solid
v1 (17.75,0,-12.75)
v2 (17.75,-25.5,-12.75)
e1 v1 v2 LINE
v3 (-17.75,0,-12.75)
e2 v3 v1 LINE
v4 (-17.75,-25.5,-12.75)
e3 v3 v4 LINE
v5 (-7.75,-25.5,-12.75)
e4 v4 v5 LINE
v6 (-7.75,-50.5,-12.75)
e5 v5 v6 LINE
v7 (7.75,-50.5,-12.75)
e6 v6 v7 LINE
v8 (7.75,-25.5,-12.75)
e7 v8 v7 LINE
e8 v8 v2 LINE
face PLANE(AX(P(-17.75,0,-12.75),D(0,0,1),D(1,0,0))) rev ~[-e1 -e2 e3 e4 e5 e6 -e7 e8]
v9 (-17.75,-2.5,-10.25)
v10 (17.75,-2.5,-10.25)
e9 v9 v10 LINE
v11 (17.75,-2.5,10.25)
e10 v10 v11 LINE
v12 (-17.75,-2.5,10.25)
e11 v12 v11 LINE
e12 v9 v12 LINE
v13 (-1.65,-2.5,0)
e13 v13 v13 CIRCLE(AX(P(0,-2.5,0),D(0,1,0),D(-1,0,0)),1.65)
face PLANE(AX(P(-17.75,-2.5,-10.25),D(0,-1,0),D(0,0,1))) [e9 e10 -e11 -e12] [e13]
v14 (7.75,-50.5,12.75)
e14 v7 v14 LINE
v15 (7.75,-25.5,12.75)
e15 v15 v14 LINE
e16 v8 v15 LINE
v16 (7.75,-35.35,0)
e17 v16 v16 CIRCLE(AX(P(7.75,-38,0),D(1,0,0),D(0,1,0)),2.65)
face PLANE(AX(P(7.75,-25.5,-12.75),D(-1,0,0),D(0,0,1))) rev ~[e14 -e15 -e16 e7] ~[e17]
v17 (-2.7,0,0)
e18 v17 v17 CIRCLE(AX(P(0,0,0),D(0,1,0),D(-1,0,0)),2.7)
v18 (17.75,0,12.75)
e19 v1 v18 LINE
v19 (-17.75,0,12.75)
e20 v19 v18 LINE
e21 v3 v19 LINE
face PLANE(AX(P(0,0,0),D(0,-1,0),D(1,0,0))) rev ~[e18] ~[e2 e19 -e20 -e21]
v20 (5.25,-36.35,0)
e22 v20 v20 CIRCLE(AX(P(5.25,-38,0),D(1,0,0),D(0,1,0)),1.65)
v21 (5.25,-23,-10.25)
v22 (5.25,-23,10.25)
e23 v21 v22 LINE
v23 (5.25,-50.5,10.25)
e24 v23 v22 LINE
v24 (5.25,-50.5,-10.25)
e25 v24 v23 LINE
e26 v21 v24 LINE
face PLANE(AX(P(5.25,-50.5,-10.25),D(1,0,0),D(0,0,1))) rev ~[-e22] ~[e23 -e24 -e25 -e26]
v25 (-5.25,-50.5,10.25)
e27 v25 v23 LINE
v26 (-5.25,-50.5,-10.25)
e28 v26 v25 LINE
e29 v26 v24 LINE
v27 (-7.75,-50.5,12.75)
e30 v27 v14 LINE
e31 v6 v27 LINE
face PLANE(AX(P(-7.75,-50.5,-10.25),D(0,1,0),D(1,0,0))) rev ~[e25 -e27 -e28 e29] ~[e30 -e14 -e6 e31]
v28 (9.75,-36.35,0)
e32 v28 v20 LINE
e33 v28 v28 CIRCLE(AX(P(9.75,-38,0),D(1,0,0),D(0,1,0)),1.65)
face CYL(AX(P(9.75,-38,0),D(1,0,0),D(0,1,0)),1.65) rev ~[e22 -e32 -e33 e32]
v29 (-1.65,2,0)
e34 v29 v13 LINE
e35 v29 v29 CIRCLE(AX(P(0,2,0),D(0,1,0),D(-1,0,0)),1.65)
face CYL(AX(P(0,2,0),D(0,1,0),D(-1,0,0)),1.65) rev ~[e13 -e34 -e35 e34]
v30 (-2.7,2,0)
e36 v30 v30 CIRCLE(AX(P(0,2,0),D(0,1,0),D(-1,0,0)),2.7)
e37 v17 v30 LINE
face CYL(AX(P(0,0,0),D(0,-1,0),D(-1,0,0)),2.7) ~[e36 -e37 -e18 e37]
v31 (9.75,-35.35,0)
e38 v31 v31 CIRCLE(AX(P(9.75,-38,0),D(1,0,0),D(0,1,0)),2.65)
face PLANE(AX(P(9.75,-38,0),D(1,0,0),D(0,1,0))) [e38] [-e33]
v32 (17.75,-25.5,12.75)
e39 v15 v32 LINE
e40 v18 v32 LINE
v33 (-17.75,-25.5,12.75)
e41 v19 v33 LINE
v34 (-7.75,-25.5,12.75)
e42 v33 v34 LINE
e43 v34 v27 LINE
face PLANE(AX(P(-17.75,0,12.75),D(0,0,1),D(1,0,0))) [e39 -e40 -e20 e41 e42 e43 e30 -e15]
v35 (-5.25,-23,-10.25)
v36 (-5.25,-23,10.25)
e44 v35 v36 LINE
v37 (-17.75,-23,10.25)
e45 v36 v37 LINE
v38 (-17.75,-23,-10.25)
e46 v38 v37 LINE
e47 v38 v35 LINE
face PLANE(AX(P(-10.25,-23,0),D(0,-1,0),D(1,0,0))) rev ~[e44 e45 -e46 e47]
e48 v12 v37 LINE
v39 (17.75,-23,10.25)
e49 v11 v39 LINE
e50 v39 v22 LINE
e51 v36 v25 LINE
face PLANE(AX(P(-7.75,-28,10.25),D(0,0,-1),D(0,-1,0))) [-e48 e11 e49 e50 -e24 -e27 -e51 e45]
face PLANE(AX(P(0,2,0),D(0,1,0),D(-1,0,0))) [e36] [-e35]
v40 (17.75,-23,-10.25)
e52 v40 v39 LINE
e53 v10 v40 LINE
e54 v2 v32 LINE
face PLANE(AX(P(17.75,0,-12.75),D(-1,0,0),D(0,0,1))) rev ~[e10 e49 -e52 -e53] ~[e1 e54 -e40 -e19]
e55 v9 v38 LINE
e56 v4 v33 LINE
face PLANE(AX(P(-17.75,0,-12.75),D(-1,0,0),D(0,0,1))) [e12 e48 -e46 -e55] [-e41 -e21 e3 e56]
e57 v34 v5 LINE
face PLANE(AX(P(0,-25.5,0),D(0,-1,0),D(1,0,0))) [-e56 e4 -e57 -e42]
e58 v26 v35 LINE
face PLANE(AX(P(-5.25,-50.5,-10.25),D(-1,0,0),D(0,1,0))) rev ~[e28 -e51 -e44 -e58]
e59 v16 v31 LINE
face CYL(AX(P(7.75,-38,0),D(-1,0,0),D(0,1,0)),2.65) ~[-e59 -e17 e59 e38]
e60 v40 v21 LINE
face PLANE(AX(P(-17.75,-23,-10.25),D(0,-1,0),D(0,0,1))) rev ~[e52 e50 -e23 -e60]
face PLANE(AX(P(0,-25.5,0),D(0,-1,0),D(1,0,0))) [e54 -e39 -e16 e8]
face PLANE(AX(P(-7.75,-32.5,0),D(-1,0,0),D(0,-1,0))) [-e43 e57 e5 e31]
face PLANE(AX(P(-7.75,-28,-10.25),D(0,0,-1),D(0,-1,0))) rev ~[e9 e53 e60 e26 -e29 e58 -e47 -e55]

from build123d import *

# Parameters (mm, degrees)
F0_W      = 35.5
F0_H      = 25.5
F1_DEPTH  = 25.5
F2_W      = 20.5
F2_H      = 20.5
F3_DEPTH  = 35.5
F4_W      = 15.5
F4_H      = 25.5
F5_DEPTH  = 25
F6_W      = 20.5
F6_H      = 20.5
F7_DEPTH  = 38
F8_R      = 2.65
F9_DEPTH  = 2
F10_R     = 1.65
F11_DEPTH = 27.501
F12_R     = 2.7
F13_DEPTH = 2
F14_R     = 1.65
F15_DEPTH = 5.5
F16_W     = 2.5
F16_H     = 25
F17_DEPTH = 20.5
F18_W     = 20
F18_H     = 20.5
F19_DEPTH = 2.5
F20_W     = 2.5
F20_H     = 2.5
F21_DEPTH = 20.5
F22_W     = 7.5
F22_H     = 20.5
F23_DEPTH = 2.5
F24_W     = 10
F24_H     = 20.5
F25_DEPTH = 2.5
F26_W     = 10
F26_H     = 20.5
F27_DEPTH = 2.5
F28_W     = 9
F28_H     = 20.5
F28_W_2   = 8.5
F29_DEPTH = 2.5


with BuildPart() as f1:
    # F0 (on Front) → F1 (new body)
    with BuildSketch(Plane.XZ):
        Rectangle(F0_W, F0_H)
    extrude(amount=F1_DEPTH)

    # F2 (on face) → F3 (cut)
    with BuildSketch(Plane(origin=(-17.75, 0, 0), x_dir=(0, -1, 0), z_dir=(-1, 0, 0))):
        with Locations((12.75, 0)):
            Rectangle(F2_W, F2_H)
    extrude(amount=-F3_DEPTH, mode=Mode.SUBTRACT)

    # F4 (on face) → F5 (join)
    with BuildSketch(Plane.XZ.offset(25.5)):
        Rectangle(F4_W, F4_H)
    extrude(amount=F5_DEPTH)

    # F6 (on face) → F7 (cut)
    with BuildSketch(Plane.XZ.offset(50.5)):
        with Locations((-5, 0)):
            Rectangle(F6_W, F6_H)
    extrude(amount=-F7_DEPTH, mode=Mode.SUBTRACT)

    # F8 (on face) → F9 (join)
    with BuildSketch(Plane.YZ.offset(7.75)):
        with Locations((-38, 0)):
            Circle(F8_R)
    extrude(amount=F9_DEPTH)

    # F10 (on face) → F11 (cut, through all)
    with BuildSketch(Plane.YZ.offset(9.75)):
        with Locations((-38, 0)):
            Circle(F10_R)
    extrude(amount=-F11_DEPTH, mode=Mode.SUBTRACT)

    # F12 (on face) → F13 (join)
    with BuildSketch(Plane(origin=(0, 0, 0), x_dir=(-1, 0, 0), z_dir=(0, 1, 0))):
        Circle(F12_R)
    extrude(amount=F13_DEPTH)

    # F14 (on face) → F15 (cut)
    with BuildSketch(Plane(origin=(0, 2, 0), x_dir=(-1, 0, 0), z_dir=(0, 1, 0))):
        Circle(F14_R)
    extrude(amount=-F15_DEPTH, mode=Mode.SUBTRACT)

    # F16 (on face) → F17 (join)
    with BuildSketch(Plane.XY.offset(-10.25)):
        with Locations((-6.5, -38)):
            Rectangle(F16_W, F16_H)
    extrude(amount=F17_DEPTH)

    # F18 (on face) → F19 (cut)
    with BuildSketch(Plane(origin=(-7.75, 0, 0), x_dir=(0, -1, 0), z_dir=(-1, 0, 0))):
        with Locations((38, 0)):
            Rectangle(F18_W, F18_H)
    extrude(amount=-F19_DEPTH, mode=Mode.SUBTRACT)

    # F20 (on face) → F21 (join)
    with BuildSketch(Plane.XY.offset(-10.25)):
        with Locations((-6.5, -38.25)):
            Rectangle(F20_W, F20_H)
    extrude(amount=F21_DEPTH)

    # F22 (on face) → F23 (cut)
    with BuildSketch(Plane.XZ.offset(25.5)):
        with Locations((11.5, 0)):
            Rectangle(F22_W, F22_H)
    extrude(amount=-F23_DEPTH, mode=Mode.SUBTRACT)

    # F24 (on face) → F25 (join)
    with BuildSketch(Plane.XZ.offset(25.5)):
        with Locations((-10.25, 0)):
            Rectangle(F24_W, F24_H)
    extrude(amount=-F25_DEPTH)

    # F26 (on face) → F27 (join)
    with BuildSketch(Plane.XZ.offset(25.5)):
        with Locations((10.25, 0)):
            Rectangle(F26_W, F26_H)
    extrude(amount=-F27_DEPTH)

    # F28 (on face) → F29 (join)
    with BuildSketch(Plane(origin=(-7.75, 0, 0), x_dir=(0, -1, 0), z_dir=(-1, 0, 0))):
        with Locations((32.5, 0)):
            Rectangle(F28_W, F28_H)
        with Locations((43.75, 0)):
            Rectangle(F28_W_2, F28_H)
    extrude(amount=-F29_DEPTH)


solid = f1.part
